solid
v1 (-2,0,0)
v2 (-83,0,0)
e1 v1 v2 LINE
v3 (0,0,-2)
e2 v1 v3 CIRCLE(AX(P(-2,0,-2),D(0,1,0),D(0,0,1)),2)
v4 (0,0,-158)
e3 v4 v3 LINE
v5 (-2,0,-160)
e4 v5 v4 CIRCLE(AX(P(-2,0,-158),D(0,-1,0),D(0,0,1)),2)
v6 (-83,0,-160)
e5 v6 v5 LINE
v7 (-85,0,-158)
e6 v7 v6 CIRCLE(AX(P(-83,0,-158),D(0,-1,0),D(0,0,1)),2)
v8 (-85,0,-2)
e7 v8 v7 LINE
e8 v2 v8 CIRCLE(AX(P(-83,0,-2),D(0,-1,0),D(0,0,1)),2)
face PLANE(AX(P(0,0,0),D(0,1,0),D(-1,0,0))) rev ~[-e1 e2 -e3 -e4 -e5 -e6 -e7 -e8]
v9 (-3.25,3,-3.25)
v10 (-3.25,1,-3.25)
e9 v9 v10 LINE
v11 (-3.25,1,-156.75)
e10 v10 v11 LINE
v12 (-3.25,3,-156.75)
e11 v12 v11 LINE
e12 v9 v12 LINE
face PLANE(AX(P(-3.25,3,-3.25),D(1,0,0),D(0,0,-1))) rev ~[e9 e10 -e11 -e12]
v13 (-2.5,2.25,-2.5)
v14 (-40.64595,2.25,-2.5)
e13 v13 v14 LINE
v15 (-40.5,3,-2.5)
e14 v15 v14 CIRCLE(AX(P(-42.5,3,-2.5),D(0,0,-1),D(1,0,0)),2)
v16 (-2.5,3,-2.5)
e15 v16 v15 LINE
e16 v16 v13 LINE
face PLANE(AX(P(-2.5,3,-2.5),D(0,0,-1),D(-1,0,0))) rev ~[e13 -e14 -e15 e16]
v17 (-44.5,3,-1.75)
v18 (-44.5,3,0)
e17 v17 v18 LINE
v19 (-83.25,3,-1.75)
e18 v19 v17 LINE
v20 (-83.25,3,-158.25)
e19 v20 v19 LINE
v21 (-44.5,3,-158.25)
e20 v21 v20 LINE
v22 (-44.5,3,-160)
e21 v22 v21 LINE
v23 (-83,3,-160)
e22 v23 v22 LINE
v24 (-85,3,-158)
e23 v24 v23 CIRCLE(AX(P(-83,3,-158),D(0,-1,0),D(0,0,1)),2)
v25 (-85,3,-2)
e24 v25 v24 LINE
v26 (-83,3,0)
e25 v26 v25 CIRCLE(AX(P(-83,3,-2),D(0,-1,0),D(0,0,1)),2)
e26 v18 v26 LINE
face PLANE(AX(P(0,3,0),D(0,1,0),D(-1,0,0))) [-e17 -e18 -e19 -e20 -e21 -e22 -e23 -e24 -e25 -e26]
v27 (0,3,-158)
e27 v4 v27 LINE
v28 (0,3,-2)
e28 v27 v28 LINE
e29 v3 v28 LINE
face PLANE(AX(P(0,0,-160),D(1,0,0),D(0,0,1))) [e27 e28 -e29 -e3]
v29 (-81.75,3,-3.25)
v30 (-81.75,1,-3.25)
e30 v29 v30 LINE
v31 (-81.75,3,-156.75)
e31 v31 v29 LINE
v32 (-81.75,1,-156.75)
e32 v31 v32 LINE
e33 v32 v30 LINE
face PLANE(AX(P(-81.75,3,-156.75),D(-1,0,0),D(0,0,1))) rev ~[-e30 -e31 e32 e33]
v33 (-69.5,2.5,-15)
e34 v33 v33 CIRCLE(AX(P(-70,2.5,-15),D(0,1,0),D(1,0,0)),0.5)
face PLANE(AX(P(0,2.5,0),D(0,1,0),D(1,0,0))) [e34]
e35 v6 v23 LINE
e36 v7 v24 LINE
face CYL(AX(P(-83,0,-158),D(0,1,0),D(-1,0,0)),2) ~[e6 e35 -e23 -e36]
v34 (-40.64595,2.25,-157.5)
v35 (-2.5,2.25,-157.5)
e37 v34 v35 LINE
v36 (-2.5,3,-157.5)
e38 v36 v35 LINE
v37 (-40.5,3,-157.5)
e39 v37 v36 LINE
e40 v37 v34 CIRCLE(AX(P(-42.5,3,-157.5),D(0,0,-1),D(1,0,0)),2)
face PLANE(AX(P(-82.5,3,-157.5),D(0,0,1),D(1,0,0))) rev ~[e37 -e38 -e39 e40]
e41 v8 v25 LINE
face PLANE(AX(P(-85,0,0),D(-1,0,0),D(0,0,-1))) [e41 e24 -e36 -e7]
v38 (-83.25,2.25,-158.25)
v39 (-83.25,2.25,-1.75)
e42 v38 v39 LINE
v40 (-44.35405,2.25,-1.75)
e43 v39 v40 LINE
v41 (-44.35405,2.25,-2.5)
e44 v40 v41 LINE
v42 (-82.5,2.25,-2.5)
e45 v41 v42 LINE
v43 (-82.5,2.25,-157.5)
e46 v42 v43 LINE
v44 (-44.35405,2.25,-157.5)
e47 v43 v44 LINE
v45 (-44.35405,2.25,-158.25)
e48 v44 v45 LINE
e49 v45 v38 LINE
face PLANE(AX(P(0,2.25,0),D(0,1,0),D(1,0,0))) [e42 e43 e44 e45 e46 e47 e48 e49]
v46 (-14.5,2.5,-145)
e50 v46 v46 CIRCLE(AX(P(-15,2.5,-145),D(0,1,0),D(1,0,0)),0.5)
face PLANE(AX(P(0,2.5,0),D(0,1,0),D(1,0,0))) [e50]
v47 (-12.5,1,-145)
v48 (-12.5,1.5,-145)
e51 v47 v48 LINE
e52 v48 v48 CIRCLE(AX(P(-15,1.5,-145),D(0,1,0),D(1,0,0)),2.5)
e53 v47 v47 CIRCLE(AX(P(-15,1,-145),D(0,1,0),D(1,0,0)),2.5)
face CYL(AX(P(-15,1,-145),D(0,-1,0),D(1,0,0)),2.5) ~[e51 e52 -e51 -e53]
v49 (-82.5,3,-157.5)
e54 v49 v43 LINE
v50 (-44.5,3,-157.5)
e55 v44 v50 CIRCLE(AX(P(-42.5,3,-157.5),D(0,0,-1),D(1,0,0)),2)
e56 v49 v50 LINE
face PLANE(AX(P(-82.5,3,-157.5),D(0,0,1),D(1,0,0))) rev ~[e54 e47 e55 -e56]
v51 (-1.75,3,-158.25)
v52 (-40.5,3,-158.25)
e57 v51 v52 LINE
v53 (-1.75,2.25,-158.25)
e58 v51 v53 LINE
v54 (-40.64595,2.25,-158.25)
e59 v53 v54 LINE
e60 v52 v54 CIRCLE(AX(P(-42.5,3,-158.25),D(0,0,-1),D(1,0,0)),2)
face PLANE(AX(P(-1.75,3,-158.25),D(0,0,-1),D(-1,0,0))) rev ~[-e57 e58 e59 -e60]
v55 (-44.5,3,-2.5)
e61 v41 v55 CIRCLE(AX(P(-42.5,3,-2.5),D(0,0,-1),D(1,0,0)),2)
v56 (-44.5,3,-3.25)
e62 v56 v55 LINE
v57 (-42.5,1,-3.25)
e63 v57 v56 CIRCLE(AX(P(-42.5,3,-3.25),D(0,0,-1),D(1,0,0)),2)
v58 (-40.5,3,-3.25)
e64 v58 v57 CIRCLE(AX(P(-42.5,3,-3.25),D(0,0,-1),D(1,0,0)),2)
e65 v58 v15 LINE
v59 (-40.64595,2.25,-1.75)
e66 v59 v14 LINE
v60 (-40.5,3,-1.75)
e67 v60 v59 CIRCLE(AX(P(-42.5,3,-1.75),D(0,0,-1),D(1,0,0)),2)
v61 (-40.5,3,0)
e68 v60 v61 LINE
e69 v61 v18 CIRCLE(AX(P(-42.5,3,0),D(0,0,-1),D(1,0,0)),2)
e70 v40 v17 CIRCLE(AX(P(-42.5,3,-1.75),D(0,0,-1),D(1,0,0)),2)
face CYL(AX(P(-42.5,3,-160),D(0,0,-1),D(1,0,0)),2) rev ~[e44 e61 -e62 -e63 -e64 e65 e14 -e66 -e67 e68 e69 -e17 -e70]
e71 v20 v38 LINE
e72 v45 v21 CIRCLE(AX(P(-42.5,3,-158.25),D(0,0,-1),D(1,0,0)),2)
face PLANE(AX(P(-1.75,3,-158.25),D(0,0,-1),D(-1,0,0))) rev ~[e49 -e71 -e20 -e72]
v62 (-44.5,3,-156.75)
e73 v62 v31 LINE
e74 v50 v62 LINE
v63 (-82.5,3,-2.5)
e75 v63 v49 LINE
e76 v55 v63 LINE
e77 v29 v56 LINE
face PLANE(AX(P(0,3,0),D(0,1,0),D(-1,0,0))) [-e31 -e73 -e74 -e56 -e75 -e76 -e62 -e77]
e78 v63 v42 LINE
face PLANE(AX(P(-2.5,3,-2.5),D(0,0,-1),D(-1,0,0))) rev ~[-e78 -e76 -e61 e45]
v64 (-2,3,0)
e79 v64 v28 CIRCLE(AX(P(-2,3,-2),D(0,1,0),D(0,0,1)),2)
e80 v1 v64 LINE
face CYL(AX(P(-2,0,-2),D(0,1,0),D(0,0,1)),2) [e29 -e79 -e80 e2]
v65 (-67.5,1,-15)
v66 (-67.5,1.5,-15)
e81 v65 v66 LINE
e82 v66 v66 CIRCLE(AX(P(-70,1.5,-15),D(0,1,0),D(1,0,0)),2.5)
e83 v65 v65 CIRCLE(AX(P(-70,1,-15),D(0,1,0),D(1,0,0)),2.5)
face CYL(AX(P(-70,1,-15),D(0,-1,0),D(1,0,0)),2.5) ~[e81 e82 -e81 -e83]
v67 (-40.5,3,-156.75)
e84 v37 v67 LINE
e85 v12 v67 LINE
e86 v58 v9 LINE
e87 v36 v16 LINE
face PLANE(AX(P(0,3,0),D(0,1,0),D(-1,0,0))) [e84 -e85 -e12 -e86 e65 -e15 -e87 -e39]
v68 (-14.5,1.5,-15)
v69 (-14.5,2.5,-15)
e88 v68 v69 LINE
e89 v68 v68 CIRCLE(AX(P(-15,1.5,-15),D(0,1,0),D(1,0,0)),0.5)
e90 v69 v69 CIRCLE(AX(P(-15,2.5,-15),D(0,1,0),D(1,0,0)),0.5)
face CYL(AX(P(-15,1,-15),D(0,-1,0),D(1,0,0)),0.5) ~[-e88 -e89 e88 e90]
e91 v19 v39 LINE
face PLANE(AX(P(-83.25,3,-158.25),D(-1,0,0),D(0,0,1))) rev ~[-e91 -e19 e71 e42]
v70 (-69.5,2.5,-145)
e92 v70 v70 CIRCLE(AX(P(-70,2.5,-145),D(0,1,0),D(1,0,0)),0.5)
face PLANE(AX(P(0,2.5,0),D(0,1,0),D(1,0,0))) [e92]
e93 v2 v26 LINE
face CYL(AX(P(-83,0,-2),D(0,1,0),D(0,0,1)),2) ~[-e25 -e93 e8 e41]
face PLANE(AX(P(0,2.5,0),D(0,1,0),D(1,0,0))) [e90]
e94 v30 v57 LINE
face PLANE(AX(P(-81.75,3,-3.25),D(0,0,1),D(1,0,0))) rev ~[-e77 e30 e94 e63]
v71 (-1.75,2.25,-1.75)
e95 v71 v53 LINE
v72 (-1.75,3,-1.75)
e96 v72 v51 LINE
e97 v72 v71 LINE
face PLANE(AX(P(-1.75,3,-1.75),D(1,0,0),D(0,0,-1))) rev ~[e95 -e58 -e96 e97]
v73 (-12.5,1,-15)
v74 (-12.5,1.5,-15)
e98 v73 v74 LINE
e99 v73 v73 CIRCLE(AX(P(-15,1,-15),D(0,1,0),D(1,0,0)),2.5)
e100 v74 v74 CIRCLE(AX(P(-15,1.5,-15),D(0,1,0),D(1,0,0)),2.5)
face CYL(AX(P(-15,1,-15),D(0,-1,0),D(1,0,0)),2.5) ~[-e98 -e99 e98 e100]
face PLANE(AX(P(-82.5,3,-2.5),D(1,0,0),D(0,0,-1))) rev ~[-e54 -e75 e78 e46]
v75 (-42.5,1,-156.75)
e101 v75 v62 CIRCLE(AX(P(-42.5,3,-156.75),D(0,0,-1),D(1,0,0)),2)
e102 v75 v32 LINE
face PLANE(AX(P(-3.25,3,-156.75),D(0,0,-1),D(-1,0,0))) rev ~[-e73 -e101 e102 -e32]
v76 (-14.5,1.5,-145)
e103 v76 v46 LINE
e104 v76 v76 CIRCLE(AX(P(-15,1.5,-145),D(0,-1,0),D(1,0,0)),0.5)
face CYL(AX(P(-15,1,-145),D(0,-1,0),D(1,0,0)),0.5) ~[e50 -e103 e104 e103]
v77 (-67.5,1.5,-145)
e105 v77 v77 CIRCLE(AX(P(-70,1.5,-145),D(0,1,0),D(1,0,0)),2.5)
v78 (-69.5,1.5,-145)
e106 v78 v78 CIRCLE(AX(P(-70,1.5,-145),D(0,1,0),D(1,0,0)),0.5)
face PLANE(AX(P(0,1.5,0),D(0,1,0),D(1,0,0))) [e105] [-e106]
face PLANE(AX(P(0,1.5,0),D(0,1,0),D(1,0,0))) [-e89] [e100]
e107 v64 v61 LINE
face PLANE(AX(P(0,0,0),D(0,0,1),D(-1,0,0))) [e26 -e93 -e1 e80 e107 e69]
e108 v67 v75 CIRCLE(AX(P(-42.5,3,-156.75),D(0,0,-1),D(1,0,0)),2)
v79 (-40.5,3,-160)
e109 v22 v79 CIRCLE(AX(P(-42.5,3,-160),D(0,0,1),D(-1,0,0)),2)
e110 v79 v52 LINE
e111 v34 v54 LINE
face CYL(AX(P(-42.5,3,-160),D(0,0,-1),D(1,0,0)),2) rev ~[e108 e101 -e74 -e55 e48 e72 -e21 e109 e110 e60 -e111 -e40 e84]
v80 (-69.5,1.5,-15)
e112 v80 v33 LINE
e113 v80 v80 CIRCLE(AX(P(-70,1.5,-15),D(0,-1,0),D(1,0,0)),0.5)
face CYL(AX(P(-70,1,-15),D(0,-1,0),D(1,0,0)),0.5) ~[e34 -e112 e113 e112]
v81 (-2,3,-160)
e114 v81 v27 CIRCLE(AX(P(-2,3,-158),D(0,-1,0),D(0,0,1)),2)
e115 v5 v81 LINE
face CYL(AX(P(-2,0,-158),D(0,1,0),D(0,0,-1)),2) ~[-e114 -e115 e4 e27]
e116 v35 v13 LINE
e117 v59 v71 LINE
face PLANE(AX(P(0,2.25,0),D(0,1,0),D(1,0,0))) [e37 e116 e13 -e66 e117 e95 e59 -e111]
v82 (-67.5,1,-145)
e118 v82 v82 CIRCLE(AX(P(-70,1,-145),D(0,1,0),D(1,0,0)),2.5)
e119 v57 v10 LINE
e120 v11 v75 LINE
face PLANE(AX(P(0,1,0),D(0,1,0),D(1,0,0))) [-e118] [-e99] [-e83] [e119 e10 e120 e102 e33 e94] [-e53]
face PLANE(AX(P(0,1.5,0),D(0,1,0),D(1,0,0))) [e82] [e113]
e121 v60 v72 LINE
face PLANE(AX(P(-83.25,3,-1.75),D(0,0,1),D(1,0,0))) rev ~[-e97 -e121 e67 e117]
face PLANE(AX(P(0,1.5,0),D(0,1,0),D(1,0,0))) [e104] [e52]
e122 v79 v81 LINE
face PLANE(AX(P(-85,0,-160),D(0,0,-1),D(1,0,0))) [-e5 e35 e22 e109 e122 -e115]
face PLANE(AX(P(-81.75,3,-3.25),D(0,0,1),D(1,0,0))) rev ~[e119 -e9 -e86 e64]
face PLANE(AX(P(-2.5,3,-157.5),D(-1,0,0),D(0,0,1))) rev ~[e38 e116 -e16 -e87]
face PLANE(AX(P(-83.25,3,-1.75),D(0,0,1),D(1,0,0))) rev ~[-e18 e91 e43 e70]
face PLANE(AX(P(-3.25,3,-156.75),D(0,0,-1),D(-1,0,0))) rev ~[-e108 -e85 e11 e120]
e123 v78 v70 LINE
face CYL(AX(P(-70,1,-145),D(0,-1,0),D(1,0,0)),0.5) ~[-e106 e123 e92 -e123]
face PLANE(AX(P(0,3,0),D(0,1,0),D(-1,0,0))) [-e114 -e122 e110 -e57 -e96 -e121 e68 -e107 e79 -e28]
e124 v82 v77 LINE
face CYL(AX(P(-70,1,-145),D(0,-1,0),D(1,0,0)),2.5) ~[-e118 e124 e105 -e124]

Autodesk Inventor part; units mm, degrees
ref_plane "YZ Plane" through (0, 0, 0) normal (1, 0, 0) x (0, 1, 0)
ref_plane "XZ Plane" through (0, 0, 0) normal (0, 1, 0) x (-1, 0, 0)
ref_plane "XY Plane" through (0, 0, 0) normal (0, 0, 1) x (1, 0, 0)
sketch "Sketch1" plane through (0, 0, 0) normal (0, 1, 0) x (-1, 0, 0)
  line L0 (0, 0) -> (85, 0)
  line L1 (85, 0) -> (85, -160)
  line L2 (85, -160) -> (0, -160)
  line L3 (0, -160) -> (0, 0)
  dimension "d0" = 85
  dimension "d1" = 160
extrude "Extrusion1" add sketch "Sketch1" along normal blind 3
fillet "Fillet1" radius 2 4 edges at (0, 1.5, 0) (-85, 1.5, 0) (-85, 1.5, -160) (0, 1.5, -160)
sketch "Sketch2" plane through (0, 3, 0) normal (0, 1, 0) x (1, 0, 0)
  arc A0 (0, 158) -> (-2, 160) centre (-2, 158) ccw projected
  line L0 (-2, 160) -> (-83, 160) projected
  arc A1 (-83, 160) -> (-85, 158) centre (-83, 158) ccw projected
  line L1 (-85, 158) -> (-85, 2) projected
  arc A2 (-85, 2) -> (-83, 0) centre (-83, 2) ccw projected
  line L2 (-83, 0) -> (-2, 0) projected
  arc A3 (-2, 0) -> (0, 2) centre (-2, 2) ccw projected
  line L3 (0, 2) -> (0, 158) projected
  line L4 (-82.5, 2.5) -> (-82.5, 157.5)
  line L5 (-82.5, 157.5) -> (-2.5, 157.5)
  line L6 (-2.5, 157.5) -> (-2.5, 2.5)
  line L7 (-2.5, 2.5) -> (-82.5, 2.5)
  line L8 (-81.75, 156.75) -> (-81.75, 3.25)
  line L9 (-81.75, 3.25) -> (-3.25, 3.25)
  line L10 (-3.25, 3.25) -> (-3.25, 156.75)
  line L11 (-3.25, 156.75) -> (-81.75, 156.75)
  line L12 (-83.25, 158.25) -> (-83.25, 1.75)
  line L13 (-83.25, 1.75) -> (-1.75, 1.75)
  line L14 (-1.75, 1.75) -> (-1.75, 158.25)
  line L15 (-1.75, 158.25) -> (-83.25, 158.25)
  point P0 (0, 0)
  dimension "d5" = 2.5
  dimension "d6" = 0.75
  dimension "d31" = 0.75
extrude "Extrusion2" cut sketch "Sketch2" against normal blind 2 contours L11 L10 L9 L8
extrude "Extrusion3" cut sketch "Sketch2" against normal blind 0.75 contours L15 L14 L13 L12
sketch "Sketch3" plane through (0, 1, 0) normal (0, 1, 0) x (1, 0, 0)
  circle A0 centre (-70, 15) radius 2.5
  circle A1 centre (-15, 15) radius 2.5
  circle A2 centre (-70, 145) radius 2.5
  circle A3 centre (-15, 145) radius 2.5
  circle A4 centre (-70, 15) radius 0.5
  circle A5 centre (-15, 15) radius 0.5
  circle A6 centre (-15, 145) radius 0.5
  circle A7 centre (-70, 145) radius 0.5
  line L0 (-85, 158) -> (-85, 2) projected
  line L1 (-83, 0) -> (-2, 0) projected
  line L2 (0, 2) -> (0, 158) projected
  line L3 (-2, 160) -> (-83, 160) projected
  point P0 (0, 0)
  dimension "d11" = 5
  dimension "d12" = 5
  dimension "d13" = 5
  dimension "d14" = 5
  dimension "d15" = 2
  dimension "d16" = 2
  dimension "d17" = 2
  dimension "d18" = 2
  dimension "d19" = 15
  dimension "d20" = 15
  dimension "d21" = 15
  dimension "d22" = 15
  dimension "d23" = 15
  dimension "d24" = 15
  dimension "d25" = 15
  dimension "d26" = 15
extrude "Extrusion4" add sketch "Sketch3" along normal blind 1.5 contours A4 | A5 | A6 | A7
extrude "Extrusion5" add sketch "Sketch3" along normal blind 0.5 contours A0 | A1 | A2 | A3 | A4 | A6
sketch "Sketch4" plane through (-2, 0, -160) normal (0, 0, -1) x (-1, 0, 0)
  line L0 (1.25, 3) -> (79.75, 3) projected
  arc A0 (38.5, 3) -> (42.5, 3) centre (40.5, 3) ccw
  line L1 (0, 0) -> (81, 0) projected
  line L2 (0, 3) -> (81, 3) projected
  line L3 (79.75, 1) -> (1.25, 1) projected
  point P0 (-2, 0)
  point P1 (-2, 3)
  point P2 (40.5, 3)
  point P3 (38.5, 3)
  dimension "d32" = 42.5
  dimension "d33" = 3
extrude "Extrusion6" cut sketch "Sketch4" against normal through all
properties part number "BOTTOM_COVER"
